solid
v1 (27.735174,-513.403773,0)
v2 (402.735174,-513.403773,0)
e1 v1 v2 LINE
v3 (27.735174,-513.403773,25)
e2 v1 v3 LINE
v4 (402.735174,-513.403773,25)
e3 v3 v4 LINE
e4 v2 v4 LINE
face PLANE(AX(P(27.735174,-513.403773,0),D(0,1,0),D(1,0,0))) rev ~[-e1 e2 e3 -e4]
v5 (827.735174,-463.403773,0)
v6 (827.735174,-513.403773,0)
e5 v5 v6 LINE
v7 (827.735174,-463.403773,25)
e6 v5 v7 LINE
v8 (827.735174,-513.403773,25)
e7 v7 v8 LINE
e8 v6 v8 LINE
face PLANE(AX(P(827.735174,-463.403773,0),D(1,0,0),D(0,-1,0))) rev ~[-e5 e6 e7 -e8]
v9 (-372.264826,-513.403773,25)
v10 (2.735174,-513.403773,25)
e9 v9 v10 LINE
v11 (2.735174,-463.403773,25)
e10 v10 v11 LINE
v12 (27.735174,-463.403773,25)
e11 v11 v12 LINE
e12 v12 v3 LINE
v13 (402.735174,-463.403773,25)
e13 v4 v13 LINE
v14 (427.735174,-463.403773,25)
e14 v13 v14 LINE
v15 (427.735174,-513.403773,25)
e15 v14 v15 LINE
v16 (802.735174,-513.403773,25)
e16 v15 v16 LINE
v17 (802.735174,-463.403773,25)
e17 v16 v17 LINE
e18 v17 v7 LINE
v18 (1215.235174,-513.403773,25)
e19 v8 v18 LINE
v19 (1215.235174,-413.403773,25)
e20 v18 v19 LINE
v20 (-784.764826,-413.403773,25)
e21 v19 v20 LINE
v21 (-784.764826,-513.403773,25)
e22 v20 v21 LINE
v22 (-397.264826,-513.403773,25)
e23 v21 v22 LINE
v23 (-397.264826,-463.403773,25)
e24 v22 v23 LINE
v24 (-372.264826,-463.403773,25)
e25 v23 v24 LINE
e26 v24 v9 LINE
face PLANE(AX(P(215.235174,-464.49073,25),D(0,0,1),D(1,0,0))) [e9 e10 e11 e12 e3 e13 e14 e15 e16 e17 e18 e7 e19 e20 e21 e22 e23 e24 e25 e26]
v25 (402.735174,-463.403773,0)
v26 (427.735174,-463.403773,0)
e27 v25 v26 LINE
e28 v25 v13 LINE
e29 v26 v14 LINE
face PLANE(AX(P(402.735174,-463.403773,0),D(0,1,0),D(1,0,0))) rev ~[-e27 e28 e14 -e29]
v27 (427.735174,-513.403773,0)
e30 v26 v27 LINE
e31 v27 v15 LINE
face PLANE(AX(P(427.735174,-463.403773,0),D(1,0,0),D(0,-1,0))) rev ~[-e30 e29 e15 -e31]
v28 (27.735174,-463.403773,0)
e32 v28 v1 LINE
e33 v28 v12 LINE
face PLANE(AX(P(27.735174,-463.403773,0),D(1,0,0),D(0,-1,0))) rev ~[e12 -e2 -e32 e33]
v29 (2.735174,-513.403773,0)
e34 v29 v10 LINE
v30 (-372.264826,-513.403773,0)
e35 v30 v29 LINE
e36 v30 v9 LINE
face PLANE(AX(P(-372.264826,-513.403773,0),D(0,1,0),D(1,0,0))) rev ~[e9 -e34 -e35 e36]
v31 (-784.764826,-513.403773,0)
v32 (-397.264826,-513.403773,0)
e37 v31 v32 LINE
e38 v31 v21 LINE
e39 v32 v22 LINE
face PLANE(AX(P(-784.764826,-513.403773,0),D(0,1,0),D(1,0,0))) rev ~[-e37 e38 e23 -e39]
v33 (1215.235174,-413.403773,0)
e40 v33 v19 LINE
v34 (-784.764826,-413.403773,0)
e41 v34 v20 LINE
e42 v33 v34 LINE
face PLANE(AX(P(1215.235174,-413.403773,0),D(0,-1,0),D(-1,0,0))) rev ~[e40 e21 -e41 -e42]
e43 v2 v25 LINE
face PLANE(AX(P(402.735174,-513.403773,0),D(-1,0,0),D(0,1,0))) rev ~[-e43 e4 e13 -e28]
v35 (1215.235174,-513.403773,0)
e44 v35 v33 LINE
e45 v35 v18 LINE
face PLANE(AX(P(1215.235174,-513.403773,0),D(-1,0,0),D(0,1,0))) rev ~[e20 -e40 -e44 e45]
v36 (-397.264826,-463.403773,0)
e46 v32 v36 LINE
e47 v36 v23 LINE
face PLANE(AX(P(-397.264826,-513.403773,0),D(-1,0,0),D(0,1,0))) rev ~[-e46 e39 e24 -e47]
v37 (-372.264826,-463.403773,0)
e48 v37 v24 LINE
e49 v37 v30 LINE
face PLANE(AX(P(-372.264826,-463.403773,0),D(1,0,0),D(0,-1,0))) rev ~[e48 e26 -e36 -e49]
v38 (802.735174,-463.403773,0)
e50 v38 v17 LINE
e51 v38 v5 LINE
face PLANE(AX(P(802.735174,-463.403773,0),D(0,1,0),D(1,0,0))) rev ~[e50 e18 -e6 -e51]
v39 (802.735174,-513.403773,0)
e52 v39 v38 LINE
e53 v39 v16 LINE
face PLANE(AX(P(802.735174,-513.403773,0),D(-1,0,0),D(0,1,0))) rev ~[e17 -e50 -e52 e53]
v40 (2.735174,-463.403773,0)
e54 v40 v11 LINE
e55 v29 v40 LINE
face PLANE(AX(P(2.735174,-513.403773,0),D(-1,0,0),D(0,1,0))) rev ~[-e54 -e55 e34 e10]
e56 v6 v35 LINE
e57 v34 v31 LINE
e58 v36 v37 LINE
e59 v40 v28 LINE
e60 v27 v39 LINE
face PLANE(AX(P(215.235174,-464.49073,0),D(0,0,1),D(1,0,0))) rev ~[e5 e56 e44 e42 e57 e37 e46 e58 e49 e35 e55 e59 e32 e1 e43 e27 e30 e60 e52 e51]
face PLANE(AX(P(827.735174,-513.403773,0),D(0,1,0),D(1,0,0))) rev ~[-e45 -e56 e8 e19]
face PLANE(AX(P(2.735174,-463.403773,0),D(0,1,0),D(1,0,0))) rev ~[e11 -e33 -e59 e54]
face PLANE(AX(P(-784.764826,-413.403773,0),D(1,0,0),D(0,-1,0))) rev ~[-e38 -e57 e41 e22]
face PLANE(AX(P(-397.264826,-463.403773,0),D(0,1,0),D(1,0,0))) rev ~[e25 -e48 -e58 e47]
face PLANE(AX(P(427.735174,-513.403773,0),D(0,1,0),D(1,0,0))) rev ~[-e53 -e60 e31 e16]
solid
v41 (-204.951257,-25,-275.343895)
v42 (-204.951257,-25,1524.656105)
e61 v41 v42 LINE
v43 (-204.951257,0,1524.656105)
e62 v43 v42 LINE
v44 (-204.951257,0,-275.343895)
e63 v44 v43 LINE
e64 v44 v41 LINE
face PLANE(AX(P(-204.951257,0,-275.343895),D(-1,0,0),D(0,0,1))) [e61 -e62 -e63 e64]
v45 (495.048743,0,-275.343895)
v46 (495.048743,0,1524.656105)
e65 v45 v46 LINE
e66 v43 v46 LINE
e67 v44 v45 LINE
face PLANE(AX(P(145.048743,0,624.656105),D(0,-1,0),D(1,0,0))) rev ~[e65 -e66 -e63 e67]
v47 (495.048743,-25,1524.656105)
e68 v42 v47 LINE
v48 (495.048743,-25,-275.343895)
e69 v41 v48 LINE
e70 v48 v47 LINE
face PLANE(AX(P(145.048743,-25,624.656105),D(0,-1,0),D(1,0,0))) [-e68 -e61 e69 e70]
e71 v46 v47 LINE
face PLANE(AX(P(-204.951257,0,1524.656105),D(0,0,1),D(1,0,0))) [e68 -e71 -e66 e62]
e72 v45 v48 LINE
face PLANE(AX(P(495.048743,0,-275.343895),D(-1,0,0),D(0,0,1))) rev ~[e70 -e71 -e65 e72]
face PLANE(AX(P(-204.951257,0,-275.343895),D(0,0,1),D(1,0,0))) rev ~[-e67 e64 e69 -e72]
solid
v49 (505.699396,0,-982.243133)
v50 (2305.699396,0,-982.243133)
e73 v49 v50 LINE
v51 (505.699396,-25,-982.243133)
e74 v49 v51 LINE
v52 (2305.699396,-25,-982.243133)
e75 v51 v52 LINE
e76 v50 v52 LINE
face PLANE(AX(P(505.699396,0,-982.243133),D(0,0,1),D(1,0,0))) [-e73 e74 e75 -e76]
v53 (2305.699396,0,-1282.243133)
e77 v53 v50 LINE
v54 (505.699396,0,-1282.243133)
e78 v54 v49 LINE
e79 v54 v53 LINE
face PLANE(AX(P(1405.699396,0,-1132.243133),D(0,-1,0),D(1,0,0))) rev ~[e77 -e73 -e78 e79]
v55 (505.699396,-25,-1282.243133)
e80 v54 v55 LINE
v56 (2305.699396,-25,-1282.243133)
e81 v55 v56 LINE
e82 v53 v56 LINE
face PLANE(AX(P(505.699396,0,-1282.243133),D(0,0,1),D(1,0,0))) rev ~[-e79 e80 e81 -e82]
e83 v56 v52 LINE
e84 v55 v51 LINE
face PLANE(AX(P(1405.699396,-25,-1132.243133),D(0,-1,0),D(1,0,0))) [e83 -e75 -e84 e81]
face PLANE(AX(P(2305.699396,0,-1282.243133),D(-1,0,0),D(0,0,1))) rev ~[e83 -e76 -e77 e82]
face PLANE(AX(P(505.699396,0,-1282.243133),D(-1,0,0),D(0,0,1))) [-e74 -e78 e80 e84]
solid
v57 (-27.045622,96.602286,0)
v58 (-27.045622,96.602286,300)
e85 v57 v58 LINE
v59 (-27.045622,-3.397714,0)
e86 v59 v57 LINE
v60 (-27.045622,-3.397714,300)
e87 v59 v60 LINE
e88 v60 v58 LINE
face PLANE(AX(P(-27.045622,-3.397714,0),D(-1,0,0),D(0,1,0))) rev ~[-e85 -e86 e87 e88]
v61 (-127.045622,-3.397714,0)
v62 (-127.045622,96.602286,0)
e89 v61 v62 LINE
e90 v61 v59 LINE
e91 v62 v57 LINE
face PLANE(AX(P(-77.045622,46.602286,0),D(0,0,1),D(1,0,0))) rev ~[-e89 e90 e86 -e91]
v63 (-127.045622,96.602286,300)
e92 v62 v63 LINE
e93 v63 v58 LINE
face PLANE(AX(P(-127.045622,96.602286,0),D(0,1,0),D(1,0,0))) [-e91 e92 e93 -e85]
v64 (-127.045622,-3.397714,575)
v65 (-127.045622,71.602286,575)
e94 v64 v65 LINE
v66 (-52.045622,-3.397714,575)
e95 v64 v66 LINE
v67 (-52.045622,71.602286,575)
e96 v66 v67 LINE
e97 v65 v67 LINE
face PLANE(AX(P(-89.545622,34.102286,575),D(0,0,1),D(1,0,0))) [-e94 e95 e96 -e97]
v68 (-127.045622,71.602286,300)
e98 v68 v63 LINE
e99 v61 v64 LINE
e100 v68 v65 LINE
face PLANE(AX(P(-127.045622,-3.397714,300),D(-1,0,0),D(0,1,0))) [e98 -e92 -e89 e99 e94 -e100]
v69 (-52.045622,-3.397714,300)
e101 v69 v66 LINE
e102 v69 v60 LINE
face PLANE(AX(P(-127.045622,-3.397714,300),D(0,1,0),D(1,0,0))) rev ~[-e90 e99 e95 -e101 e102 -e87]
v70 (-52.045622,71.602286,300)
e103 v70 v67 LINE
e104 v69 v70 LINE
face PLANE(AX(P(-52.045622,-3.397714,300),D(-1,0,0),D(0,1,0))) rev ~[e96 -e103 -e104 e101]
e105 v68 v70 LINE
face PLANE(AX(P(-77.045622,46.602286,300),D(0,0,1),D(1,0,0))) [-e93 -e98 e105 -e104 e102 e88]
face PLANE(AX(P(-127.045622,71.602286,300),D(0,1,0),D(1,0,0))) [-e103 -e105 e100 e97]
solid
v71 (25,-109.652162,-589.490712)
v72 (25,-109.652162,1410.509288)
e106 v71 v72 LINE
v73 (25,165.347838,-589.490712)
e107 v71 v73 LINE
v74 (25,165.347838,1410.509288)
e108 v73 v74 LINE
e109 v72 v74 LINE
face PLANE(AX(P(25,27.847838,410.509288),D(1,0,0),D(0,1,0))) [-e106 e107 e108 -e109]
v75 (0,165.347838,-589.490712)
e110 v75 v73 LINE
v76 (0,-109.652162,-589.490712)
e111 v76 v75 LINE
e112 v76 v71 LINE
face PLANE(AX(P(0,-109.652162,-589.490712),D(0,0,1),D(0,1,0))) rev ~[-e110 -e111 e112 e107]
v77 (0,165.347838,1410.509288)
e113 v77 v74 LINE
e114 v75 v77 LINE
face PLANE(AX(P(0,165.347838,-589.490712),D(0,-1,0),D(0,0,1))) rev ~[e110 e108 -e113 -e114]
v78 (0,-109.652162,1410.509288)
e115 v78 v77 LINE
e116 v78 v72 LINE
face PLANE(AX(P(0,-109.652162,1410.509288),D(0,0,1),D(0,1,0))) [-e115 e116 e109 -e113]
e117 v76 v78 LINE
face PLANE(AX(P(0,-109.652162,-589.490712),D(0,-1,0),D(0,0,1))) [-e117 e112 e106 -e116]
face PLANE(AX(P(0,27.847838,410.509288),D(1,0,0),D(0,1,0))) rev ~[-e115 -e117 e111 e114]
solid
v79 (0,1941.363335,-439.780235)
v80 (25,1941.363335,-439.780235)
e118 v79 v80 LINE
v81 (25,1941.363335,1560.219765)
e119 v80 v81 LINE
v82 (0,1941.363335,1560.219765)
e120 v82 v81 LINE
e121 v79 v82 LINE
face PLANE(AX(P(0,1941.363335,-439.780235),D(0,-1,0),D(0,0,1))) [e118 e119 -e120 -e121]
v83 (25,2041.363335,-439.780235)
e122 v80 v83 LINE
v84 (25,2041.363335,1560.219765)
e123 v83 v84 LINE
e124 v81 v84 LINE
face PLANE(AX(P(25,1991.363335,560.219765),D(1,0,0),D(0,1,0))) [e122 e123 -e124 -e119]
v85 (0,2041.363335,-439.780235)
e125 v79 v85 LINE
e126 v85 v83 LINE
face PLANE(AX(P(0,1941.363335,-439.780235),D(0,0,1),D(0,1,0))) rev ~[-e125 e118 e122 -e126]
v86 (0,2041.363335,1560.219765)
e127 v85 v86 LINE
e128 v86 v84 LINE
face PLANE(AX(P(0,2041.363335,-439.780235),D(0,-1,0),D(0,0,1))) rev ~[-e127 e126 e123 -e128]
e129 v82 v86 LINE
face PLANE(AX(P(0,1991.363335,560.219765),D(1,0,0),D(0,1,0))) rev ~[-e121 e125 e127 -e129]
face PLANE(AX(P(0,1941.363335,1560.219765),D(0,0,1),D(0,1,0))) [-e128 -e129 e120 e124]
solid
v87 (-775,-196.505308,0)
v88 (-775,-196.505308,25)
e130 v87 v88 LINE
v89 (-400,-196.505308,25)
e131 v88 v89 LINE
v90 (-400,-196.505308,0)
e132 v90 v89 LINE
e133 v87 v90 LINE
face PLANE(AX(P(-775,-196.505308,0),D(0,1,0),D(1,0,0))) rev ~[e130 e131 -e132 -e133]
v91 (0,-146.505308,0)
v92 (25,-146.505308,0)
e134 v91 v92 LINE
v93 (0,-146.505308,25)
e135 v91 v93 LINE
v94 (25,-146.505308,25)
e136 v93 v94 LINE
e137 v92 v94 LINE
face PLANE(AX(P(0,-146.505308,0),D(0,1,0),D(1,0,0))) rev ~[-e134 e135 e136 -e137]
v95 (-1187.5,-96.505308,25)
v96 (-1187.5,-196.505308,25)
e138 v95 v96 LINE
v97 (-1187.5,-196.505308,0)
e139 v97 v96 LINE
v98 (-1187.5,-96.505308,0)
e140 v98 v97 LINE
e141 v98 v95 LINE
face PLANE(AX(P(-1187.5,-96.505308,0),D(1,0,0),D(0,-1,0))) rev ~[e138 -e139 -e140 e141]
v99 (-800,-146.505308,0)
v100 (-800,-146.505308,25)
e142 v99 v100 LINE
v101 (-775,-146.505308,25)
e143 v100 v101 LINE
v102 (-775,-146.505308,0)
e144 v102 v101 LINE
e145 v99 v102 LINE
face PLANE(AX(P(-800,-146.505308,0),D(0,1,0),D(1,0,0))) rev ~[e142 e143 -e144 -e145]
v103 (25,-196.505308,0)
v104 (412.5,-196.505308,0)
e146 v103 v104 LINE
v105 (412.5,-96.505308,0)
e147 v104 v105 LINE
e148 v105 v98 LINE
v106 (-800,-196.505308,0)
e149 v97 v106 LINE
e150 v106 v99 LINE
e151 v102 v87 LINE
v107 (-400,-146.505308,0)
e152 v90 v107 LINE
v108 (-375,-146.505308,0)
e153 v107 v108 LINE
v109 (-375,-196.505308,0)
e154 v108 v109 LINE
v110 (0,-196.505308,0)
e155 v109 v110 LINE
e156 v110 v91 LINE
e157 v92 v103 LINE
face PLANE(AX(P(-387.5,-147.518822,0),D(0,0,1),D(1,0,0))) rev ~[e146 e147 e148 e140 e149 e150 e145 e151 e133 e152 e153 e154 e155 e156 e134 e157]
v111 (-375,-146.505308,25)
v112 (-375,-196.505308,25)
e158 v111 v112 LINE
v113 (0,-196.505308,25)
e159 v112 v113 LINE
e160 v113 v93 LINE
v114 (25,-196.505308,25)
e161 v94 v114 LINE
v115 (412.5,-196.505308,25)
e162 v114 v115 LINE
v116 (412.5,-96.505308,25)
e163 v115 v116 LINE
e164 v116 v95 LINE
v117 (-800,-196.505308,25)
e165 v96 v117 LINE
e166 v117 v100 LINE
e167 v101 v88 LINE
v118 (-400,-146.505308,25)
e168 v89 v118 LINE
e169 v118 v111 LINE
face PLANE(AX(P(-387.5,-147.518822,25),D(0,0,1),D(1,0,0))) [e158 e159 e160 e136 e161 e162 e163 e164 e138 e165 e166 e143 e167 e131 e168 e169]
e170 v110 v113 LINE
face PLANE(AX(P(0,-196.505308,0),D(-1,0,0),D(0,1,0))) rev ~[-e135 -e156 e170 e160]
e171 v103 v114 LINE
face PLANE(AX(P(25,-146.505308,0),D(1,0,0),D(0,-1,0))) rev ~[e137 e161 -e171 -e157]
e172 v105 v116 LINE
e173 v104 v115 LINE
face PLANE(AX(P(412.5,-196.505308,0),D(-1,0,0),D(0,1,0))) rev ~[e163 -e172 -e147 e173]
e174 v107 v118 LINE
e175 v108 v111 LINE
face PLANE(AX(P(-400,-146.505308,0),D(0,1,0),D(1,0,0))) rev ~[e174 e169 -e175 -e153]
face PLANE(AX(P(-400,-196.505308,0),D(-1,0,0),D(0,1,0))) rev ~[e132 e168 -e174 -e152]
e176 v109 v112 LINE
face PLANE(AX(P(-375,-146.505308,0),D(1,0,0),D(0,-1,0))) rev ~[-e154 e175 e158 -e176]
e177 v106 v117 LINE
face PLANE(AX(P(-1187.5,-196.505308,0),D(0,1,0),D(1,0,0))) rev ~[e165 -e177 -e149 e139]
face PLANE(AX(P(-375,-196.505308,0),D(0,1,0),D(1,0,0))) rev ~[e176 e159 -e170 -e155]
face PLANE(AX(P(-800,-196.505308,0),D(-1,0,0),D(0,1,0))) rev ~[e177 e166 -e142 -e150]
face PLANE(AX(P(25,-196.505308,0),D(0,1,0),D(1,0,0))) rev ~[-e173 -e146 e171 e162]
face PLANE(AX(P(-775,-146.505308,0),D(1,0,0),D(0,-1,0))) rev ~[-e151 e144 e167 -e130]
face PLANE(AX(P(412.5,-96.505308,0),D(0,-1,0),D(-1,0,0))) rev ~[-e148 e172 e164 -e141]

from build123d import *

# Parameters (mm, degrees)
F0_W      = 100
F0_H      = 100
F1_DEPTH  = 300
F2_W      = 75
F2_H      = 75
F3_DEPTH  = 275
F4_W      = 700
F4_H      = 1800
F5_DEPTH  = 25
F6_W      = 275
F6_H      = 2000
F7_DEPTH  = 25
F8_W      = 1800
F8_H      = 300
F9_DEPTH  = 25
F10_W     = 100
F10_H     = 2000
F11_DEPTH = 25
F13_DEPTH = 25
F15_DEPTH = 25


with BuildPart() as f1:
    # F0 (on Top) → F1 (new body)
    with BuildSketch(Plane.XY):
        with Locations((-77.045622, 46.602286)):
            Rectangle(F0_W, F0_H)
    extrude(amount=F1_DEPTH)

    # F2 (on face) → F3 (join)
    with BuildSketch(Plane.XY.offset(300)):
        with Locations((-89.545622, 34.102286)):
            Rectangle(F2_W, F2_H)
    extrude(amount=F3_DEPTH)


with BuildPart() as f5:
    # F4 (on Front) → F5 (new body)
    with BuildSketch(Plane.XZ):
        with Locations((145.048743, 624.656105)):
            Rectangle(F4_W, F4_H)
    extrude(amount=F5_DEPTH)


with BuildPart() as f7:
    # F6 (on Right) → F7 (new body)
    with BuildSketch(Plane.YZ):
        with Locations((27.847838, 410.509288)):
            Rectangle(F6_W, F6_H)
    extrude(amount=F7_DEPTH)


with BuildPart() as f9:
    # F8 (on Front) → F9 (new body)
    with BuildSketch(Plane.XZ):
        with Locations((1405.699396, -1132.243133)):
            Rectangle(F8_W, F8_H)
    extrude(amount=F9_DEPTH)


with BuildPart() as f11:
    # F10 (on Right) → F11 (new body)
    with BuildSketch(Plane.YZ):
        with Locations((1991.363335, 560.219765)):
            Rectangle(F10_W, F10_H)
    extrude(amount=F11_DEPTH)


with BuildPart() as f13:
    # F12 (on Top) → F13 (new body)
    with BuildSketch(Plane.XY):
        Polygon((25, -196.505308), (412.5, -196.505308), (412.5, -96.505308), (-1187.5, -96.505308), (-1187.5, -196.505308), (-800, -196.505308), (-800, -146.505308), (-775, -146.505308), (-775, -196.505308), (-400, -196.505308), (-400, -146.505308), (-375, -146.505308), (-375, -196.505308), (0, -196.505308), (0, -146.505308), (25, -146.505308), align=None)
    extrude(amount=F13_DEPTH)


with BuildPart() as f15:
    # F14 (on Top) → F15 (new body)
    with BuildSketch(Plane.XY):
        Polygon((827.735174, -513.403773), (1215.235174, -513.403773), (1215.235174, -413.403773), (-784.764826, -413.403773), (-784.764826, -513.403773), (-397.264826, -513.403773), (-397.264826, -463.403773), (-372.264826, -463.403773), (-372.264826, -513.403773), (2.735174, -513.403773), (2.735174, -463.403773), (27.735174, -463.403773), (27.735174, -513.403773), (402.735174, -513.403773), (402.735174, -463.403773), (427.735174, -463.403773), (427.735174, -513.403773), (802.735174, -513.403773), (802.735174, -463.403773), (827.735174, -463.403773), align=None)
    extrude(amount=F15_DEPTH)


solid = Compound([f1.part, f5.part, f7.part, f9.part, f11.part, f13.part, f15.part])
